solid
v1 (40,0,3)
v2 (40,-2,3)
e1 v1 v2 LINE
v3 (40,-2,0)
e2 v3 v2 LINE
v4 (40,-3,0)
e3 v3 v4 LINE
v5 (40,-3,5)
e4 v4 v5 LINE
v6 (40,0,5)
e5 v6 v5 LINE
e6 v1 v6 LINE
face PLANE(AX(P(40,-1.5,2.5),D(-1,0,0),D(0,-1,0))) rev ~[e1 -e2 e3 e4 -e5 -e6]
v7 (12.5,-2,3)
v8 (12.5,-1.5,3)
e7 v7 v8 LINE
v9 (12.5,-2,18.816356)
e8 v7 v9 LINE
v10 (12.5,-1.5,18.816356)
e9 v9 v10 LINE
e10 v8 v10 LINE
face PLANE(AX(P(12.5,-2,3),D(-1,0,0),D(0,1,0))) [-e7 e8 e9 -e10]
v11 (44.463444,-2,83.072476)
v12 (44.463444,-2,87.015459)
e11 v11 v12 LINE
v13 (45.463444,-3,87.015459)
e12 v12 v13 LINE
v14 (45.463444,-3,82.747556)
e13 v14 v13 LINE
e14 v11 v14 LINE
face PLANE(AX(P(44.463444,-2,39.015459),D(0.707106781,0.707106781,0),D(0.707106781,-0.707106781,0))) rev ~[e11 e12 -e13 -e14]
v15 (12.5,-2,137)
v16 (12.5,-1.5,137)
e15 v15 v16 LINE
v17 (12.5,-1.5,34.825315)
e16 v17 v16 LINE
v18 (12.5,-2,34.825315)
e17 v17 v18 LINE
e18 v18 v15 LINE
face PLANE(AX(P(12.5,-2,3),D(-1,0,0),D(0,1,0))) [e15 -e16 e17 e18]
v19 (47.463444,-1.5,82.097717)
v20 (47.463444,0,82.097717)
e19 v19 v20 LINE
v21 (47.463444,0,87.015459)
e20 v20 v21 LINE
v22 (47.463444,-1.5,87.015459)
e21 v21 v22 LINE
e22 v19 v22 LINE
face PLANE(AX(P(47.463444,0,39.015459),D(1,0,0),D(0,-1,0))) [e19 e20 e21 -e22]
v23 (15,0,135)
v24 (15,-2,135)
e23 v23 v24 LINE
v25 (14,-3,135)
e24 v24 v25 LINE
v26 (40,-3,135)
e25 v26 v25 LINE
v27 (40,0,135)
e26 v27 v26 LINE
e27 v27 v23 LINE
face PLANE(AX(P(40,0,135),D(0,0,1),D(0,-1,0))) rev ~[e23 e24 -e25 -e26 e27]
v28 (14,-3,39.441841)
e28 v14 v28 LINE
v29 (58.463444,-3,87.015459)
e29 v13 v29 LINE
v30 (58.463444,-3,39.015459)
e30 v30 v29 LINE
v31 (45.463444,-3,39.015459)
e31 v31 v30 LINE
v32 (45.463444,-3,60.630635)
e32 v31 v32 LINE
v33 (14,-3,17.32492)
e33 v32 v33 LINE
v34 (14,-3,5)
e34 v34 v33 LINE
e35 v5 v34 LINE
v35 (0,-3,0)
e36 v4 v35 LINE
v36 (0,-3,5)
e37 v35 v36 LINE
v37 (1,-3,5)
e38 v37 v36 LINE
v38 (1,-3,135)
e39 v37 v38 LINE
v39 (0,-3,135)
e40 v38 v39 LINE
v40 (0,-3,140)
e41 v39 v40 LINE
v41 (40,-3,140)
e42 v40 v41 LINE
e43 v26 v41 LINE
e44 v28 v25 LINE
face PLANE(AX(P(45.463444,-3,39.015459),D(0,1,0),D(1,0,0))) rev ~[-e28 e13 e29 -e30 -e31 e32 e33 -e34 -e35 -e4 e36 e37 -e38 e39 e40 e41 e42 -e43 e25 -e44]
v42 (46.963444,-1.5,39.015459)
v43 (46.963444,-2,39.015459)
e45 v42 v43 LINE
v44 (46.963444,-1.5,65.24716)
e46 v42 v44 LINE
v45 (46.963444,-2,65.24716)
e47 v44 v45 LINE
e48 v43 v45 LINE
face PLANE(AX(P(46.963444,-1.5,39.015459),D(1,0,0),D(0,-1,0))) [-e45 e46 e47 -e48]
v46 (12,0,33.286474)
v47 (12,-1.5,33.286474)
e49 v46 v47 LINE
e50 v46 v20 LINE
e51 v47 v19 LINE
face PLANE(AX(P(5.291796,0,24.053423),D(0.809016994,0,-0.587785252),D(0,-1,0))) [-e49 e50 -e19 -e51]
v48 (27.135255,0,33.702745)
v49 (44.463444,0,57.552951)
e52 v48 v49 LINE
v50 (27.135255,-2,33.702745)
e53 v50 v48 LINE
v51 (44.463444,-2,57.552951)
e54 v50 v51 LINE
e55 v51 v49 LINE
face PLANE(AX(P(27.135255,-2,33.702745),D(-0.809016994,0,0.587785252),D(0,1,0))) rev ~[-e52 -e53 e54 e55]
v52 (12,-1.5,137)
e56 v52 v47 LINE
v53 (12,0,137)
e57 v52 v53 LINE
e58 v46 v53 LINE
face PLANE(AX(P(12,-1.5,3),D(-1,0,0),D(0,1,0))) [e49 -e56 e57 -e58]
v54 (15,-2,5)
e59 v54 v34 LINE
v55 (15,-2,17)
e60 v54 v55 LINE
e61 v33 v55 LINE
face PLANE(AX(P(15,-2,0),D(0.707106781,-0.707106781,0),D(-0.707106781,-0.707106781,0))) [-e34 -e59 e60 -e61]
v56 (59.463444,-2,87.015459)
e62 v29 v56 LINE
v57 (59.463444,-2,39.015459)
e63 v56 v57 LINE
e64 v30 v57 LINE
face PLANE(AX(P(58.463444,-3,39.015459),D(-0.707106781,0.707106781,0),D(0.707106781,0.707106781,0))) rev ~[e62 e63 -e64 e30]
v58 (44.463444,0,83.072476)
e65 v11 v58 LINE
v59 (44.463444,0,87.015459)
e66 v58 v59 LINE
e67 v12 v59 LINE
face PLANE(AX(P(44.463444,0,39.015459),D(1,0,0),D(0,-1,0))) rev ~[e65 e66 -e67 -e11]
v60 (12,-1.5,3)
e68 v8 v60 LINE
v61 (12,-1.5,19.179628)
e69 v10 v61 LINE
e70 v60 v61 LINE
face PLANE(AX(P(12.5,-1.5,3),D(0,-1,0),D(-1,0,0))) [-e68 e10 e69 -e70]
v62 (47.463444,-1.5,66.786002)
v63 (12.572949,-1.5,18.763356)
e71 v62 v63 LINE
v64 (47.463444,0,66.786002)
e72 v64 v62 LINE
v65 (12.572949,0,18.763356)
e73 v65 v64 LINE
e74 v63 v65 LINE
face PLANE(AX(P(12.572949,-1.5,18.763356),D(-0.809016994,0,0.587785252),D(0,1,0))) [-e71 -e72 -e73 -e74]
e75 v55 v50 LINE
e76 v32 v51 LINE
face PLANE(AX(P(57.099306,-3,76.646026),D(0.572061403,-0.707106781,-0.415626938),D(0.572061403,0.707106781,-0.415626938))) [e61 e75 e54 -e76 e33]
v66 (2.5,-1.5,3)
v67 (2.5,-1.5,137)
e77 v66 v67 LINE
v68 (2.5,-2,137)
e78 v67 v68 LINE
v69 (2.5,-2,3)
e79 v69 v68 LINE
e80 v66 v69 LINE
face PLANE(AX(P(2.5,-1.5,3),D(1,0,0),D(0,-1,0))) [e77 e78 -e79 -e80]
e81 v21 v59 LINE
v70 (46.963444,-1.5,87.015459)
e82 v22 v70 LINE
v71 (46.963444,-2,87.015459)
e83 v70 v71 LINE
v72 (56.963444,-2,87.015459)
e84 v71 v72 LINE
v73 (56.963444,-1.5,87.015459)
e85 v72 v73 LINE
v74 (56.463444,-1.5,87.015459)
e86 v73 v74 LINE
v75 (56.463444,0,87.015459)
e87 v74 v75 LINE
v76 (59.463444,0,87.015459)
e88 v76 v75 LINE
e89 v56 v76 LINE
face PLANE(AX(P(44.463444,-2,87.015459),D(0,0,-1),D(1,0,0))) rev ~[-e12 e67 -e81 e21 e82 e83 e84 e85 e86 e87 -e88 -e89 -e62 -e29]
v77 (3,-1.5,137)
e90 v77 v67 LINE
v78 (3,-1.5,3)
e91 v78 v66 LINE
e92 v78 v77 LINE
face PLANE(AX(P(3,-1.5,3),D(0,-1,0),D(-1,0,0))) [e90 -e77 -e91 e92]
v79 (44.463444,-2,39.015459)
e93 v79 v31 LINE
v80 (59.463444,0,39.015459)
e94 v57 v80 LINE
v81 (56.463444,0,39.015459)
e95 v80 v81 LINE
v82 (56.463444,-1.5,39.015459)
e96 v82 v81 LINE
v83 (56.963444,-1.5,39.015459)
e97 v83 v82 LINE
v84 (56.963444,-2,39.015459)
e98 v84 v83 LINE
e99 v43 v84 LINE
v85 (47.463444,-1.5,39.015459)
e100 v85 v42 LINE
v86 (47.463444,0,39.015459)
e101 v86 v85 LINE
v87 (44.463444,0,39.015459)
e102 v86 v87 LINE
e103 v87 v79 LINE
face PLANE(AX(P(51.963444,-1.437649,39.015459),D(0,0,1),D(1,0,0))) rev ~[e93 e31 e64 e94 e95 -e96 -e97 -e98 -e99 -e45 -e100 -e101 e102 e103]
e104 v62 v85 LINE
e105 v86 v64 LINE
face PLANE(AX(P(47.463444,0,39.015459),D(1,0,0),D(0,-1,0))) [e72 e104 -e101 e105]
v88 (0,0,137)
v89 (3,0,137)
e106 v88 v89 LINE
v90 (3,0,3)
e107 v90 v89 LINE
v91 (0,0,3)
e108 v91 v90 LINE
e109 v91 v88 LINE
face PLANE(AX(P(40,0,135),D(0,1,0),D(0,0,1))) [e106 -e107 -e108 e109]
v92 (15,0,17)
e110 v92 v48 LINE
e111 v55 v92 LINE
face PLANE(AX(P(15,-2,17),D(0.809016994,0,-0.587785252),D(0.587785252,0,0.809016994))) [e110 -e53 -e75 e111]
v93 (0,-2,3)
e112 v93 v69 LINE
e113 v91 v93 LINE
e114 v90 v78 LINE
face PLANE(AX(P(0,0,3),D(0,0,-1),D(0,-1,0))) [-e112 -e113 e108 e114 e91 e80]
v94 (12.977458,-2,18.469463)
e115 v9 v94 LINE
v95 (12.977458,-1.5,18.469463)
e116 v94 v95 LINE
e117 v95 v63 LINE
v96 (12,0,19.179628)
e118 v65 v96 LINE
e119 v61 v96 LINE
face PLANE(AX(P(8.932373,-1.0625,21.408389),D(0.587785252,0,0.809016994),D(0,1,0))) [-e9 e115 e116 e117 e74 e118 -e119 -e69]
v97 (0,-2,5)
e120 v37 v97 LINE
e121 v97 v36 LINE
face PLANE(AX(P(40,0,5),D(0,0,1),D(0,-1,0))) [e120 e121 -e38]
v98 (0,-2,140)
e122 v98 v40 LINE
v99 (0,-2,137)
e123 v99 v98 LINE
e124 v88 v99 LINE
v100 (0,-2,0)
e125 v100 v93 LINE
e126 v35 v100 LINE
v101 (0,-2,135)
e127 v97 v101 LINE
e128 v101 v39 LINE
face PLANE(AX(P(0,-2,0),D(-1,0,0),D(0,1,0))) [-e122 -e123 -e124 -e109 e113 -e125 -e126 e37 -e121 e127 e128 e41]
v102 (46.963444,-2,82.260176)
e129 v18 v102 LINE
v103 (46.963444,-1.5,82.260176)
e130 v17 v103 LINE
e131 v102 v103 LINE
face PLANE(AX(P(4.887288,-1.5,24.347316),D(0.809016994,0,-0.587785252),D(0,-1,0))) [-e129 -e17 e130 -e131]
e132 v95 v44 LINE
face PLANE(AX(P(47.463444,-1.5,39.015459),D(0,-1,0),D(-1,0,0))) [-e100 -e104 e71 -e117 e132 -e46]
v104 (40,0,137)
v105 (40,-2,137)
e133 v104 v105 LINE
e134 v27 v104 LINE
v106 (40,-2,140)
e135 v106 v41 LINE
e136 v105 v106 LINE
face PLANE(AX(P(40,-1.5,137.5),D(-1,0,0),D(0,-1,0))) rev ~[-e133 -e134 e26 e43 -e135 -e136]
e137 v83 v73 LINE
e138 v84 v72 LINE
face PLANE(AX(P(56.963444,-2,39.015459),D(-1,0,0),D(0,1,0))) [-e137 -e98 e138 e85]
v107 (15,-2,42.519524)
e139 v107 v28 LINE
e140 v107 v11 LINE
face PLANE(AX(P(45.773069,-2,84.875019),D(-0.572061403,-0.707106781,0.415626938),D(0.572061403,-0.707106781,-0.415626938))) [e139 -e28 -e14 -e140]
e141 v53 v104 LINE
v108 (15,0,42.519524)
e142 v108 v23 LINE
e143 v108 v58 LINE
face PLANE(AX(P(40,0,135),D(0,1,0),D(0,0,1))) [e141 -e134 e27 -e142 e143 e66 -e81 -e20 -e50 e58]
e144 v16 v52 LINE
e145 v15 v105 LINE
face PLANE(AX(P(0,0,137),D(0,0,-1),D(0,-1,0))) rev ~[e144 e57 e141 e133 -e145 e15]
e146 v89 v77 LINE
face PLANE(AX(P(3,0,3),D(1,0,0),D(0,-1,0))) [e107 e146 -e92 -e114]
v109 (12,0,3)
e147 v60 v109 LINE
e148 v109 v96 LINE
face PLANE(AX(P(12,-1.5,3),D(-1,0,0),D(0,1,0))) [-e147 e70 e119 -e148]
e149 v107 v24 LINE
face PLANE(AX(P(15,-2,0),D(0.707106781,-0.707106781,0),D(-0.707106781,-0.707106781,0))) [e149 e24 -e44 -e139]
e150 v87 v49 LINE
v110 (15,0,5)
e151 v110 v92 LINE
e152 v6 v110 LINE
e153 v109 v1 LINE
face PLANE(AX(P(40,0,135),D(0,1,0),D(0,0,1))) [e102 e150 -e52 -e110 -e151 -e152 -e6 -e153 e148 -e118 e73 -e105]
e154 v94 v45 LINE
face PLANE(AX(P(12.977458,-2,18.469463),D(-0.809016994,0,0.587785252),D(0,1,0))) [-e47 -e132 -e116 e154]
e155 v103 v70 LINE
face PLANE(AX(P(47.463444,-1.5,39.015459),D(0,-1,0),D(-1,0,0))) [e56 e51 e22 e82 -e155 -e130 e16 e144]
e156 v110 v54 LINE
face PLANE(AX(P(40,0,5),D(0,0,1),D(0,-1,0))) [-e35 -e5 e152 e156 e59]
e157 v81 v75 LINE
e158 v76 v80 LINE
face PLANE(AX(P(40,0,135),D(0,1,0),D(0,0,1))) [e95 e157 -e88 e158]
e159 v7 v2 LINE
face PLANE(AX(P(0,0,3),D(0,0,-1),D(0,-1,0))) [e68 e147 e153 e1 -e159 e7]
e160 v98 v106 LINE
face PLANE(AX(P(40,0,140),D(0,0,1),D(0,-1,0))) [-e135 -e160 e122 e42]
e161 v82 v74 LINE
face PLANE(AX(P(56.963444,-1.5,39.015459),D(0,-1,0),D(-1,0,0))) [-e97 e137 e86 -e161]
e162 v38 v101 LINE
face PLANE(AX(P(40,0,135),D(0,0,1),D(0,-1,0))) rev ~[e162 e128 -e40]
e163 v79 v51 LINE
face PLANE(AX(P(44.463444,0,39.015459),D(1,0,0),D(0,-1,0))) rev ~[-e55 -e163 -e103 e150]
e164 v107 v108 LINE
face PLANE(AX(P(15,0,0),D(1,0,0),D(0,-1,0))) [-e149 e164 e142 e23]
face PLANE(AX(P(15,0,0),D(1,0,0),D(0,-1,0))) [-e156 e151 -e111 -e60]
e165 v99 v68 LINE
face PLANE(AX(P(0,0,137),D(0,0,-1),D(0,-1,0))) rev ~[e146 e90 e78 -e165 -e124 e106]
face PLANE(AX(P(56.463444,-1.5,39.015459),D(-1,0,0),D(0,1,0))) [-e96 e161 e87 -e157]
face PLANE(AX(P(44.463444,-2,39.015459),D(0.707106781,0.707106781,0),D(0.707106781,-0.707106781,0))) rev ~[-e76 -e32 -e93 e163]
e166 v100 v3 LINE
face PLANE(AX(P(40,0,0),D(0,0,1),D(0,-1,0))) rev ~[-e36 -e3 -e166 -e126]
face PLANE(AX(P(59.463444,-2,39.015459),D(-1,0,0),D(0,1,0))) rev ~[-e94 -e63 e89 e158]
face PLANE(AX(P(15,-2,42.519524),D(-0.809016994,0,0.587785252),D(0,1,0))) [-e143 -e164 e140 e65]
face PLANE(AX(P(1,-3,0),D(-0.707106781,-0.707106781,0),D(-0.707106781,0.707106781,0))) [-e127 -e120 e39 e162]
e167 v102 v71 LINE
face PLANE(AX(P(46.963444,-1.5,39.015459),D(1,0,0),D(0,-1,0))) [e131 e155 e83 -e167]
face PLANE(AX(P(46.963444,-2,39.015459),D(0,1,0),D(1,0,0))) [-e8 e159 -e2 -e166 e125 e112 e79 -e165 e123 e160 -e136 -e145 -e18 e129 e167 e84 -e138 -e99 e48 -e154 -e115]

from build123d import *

# Parameters (mm, degrees)
PAD_DEPTH       = 140
PAD001_DEPTH    = 2
SKETCH002_W     = 15
SKETCH002_H     = 2
PAD002_DEPTH    = 55
PAD003_DEPTH    = 2
PAD004_DEPTH    = 48
SKETCH006_W     = 3
SKETCH006_H     = 5
PAD005_DEPTH    = 40
SKETCH007_W     = 2
SKETCH007_H     = 3
POCKET_DEPTH    = 40
SKETCH008_W     = 3
SKETCH008_H     = 5
PAD006_DEPTH    = 40
SKETCH009_W     = 2
SKETCH009_H     = 3
POCKET001_DEPTH = 40
PAD007_DEPTH    = 73.5
POCKET002_DEPTH = 134
POCKET003_DEPTH = 48
POCKET004_DEPTH = 72


with BuildPart() as part:
    # Sketch001 → Pad (new body)
    with BuildSketch(Plane.XY):
        Polygon((1, -3), (0, -2), (0, 0), (15, 0), (15, -2), (14, -3), align=None)
    extrude(amount=PAD_DEPTH)

    # Sketch (on Face3 of Pad) → Pad001 (join)
    with BuildSketch(Plane(origin=(0, -2, 0), x_dir=(-1, 0, 0), z_dir=(0, 1, 0))):
        Polygon((-15, 42.5195242506), (-15, 17), (-27.1352549156, 33.7027454662), align=None)
    extrude(amount=PAD001_DEPTH)

    # Sketch002 (on Face13 of Pad001) → Pad002 (join)
    with BuildSketch(Plane(origin=(25.4016078463, 0, 34.9623137906), x_dir=(0.8090169944, 0, -0.5877852523), z_dir=(0.5877852523, 0, 0.8090169944))):
        with Locations((-5.3570943733, -1)):
            Rectangle(SKETCH002_W, SKETCH002_H)
    extrude(amount=PAD002_DEPTH)

    # Sketch003 (on Face15 of Pad002) → Pad003 (join)
    with BuildSketch(Plane(origin=(0, -2, 2), x_dir=(-1, 0, 0), z_dir=(0, 1, 0))):
        Polygon((-44.4634437917, 85.0154589412), (-59.4634437917, 85.0154589412), (-59.4634437917, 76.1986801568), align=None)
    extrude(amount=PAD003_DEPTH)

    # Sketch004 (on Face26 of Pad003) → Pad004 (join)
    with BuildSketch(Plane.XY.offset(39.0154589412)):
        Polygon((59.4634437917, 0), (44.4634437917, 0), (44.4634437917, -2), (45.4634437917, -3), (58.4634437917, -3), (59.4634437917, -2), align=None)
    extrude(amount=PAD004_DEPTH)

    # Sketch006 (on Face3 of Pad004) → Pad005 (join)
    with BuildSketch(Plane(origin=(40, 0, 0), x_dir=(0, -1, 0), z_dir=(-1, 0, 0))):
        with Locations((1.5, 2.5)):
            Rectangle(SKETCH006_W, SKETCH006_H)
    extrude(amount=PAD005_DEPTH)

    # Sketch007 (on Face3 of Pad005) → Pocket (cut)
    with BuildSketch(Plane(origin=(0, 0, 0), x_dir=(0, -1, 0), z_dir=(-1, 0, 0))):
        with Locations((1, 1.5)):
            Rectangle(SKETCH007_W, SKETCH007_H)
    extrude(amount=-POCKET_DEPTH, mode=Mode.SUBTRACT)

    # Sketch008 (on Face20 of Pocket) → Pad006 (join)
    with BuildSketch(Plane(origin=(40, 0, 0), x_dir=(0, -1, 0), z_dir=(-1, 0, 0))):
        with Locations((1.5, 137.5)):
            Rectangle(SKETCH008_W, SKETCH008_H)
    extrude(amount=PAD006_DEPTH)

    # Sketch009 (on Face30 of Pad006) → Pocket001 (cut)
    with BuildSketch(Plane(origin=(0, 0, 0), x_dir=(0, -1, 0), z_dir=(-1, 0, 0))):
        with Locations((1, 138.5)):
            Rectangle(SKETCH009_W, SKETCH009_H)
    extrude(amount=-POCKET001_DEPTH, mode=Mode.SUBTRACT)

    # Sketch005 (on DatumPlane) → Pad007 (join)
    with BuildSketch(Plane(origin=(57.9083234174, -2, 76.0582405894), x_dir=(0, -1, 0), z_dir=(-0.5877852523, 0, -0.8090169944))):
        Polygon((0, 0), (0, 15), (1, 14), (1, 1), align=None)
    extrude(amount=PAD007_DEPTH)

    # Sketch010 (on Face8 of Pad007) → Pocket002 (cut)
    with BuildSketch(Plane(origin=(0, 0, 3), x_dir=(1, 0, 0), z_dir=(0, 0, -1))):
        Polygon((3, 0), (3, 1.5), (2.5, 1.5), (2.5, 2), (12.5, 2), (12.5, 1.5), (12, 1.5), (12, 0), align=None)
    extrude(amount=-POCKET002_DEPTH, mode=Mode.SUBTRACT)

    # Sketch011 (on Face66 of Pocket002) → Pocket003 (cut)
    with BuildSketch(Plane(origin=(0, 0, 39.0154589412), x_dir=(1, 0, 0), z_dir=(0, 0, -1))):
        Polygon((46.9634437917, 2), (56.9634437917, 2), (56.9634437917, 1.5), (56.4634437917, 1.5), (56.4634437917, 0), (47.4634437917, 0), (47.4634437917, 1.5), (46.9634437917, 1.5), align=None)
    extrude(amount=-POCKET003_DEPTH, mode=Mode.SUBTRACT)

    # Sketch012 (on DatumPlane) → Pocket004 (cut)
    with BuildSketch(Plane(origin=(15, -2, 17), x_dir=(0, -1, 0), z_dir=(-0.5877852523, 0, -0.8090169944))):
        Polygon((0, 2.5), (-0.5, 2.5), (-0.5, 3), (-2, 3), (-2, 12), (-0.5, 12), (-0.5, 12.5), (0, 12.5), align=None)
    extrude(amount=-POCKET004_DEPTH, mode=Mode.SUBTRACT)


solid = part.part
